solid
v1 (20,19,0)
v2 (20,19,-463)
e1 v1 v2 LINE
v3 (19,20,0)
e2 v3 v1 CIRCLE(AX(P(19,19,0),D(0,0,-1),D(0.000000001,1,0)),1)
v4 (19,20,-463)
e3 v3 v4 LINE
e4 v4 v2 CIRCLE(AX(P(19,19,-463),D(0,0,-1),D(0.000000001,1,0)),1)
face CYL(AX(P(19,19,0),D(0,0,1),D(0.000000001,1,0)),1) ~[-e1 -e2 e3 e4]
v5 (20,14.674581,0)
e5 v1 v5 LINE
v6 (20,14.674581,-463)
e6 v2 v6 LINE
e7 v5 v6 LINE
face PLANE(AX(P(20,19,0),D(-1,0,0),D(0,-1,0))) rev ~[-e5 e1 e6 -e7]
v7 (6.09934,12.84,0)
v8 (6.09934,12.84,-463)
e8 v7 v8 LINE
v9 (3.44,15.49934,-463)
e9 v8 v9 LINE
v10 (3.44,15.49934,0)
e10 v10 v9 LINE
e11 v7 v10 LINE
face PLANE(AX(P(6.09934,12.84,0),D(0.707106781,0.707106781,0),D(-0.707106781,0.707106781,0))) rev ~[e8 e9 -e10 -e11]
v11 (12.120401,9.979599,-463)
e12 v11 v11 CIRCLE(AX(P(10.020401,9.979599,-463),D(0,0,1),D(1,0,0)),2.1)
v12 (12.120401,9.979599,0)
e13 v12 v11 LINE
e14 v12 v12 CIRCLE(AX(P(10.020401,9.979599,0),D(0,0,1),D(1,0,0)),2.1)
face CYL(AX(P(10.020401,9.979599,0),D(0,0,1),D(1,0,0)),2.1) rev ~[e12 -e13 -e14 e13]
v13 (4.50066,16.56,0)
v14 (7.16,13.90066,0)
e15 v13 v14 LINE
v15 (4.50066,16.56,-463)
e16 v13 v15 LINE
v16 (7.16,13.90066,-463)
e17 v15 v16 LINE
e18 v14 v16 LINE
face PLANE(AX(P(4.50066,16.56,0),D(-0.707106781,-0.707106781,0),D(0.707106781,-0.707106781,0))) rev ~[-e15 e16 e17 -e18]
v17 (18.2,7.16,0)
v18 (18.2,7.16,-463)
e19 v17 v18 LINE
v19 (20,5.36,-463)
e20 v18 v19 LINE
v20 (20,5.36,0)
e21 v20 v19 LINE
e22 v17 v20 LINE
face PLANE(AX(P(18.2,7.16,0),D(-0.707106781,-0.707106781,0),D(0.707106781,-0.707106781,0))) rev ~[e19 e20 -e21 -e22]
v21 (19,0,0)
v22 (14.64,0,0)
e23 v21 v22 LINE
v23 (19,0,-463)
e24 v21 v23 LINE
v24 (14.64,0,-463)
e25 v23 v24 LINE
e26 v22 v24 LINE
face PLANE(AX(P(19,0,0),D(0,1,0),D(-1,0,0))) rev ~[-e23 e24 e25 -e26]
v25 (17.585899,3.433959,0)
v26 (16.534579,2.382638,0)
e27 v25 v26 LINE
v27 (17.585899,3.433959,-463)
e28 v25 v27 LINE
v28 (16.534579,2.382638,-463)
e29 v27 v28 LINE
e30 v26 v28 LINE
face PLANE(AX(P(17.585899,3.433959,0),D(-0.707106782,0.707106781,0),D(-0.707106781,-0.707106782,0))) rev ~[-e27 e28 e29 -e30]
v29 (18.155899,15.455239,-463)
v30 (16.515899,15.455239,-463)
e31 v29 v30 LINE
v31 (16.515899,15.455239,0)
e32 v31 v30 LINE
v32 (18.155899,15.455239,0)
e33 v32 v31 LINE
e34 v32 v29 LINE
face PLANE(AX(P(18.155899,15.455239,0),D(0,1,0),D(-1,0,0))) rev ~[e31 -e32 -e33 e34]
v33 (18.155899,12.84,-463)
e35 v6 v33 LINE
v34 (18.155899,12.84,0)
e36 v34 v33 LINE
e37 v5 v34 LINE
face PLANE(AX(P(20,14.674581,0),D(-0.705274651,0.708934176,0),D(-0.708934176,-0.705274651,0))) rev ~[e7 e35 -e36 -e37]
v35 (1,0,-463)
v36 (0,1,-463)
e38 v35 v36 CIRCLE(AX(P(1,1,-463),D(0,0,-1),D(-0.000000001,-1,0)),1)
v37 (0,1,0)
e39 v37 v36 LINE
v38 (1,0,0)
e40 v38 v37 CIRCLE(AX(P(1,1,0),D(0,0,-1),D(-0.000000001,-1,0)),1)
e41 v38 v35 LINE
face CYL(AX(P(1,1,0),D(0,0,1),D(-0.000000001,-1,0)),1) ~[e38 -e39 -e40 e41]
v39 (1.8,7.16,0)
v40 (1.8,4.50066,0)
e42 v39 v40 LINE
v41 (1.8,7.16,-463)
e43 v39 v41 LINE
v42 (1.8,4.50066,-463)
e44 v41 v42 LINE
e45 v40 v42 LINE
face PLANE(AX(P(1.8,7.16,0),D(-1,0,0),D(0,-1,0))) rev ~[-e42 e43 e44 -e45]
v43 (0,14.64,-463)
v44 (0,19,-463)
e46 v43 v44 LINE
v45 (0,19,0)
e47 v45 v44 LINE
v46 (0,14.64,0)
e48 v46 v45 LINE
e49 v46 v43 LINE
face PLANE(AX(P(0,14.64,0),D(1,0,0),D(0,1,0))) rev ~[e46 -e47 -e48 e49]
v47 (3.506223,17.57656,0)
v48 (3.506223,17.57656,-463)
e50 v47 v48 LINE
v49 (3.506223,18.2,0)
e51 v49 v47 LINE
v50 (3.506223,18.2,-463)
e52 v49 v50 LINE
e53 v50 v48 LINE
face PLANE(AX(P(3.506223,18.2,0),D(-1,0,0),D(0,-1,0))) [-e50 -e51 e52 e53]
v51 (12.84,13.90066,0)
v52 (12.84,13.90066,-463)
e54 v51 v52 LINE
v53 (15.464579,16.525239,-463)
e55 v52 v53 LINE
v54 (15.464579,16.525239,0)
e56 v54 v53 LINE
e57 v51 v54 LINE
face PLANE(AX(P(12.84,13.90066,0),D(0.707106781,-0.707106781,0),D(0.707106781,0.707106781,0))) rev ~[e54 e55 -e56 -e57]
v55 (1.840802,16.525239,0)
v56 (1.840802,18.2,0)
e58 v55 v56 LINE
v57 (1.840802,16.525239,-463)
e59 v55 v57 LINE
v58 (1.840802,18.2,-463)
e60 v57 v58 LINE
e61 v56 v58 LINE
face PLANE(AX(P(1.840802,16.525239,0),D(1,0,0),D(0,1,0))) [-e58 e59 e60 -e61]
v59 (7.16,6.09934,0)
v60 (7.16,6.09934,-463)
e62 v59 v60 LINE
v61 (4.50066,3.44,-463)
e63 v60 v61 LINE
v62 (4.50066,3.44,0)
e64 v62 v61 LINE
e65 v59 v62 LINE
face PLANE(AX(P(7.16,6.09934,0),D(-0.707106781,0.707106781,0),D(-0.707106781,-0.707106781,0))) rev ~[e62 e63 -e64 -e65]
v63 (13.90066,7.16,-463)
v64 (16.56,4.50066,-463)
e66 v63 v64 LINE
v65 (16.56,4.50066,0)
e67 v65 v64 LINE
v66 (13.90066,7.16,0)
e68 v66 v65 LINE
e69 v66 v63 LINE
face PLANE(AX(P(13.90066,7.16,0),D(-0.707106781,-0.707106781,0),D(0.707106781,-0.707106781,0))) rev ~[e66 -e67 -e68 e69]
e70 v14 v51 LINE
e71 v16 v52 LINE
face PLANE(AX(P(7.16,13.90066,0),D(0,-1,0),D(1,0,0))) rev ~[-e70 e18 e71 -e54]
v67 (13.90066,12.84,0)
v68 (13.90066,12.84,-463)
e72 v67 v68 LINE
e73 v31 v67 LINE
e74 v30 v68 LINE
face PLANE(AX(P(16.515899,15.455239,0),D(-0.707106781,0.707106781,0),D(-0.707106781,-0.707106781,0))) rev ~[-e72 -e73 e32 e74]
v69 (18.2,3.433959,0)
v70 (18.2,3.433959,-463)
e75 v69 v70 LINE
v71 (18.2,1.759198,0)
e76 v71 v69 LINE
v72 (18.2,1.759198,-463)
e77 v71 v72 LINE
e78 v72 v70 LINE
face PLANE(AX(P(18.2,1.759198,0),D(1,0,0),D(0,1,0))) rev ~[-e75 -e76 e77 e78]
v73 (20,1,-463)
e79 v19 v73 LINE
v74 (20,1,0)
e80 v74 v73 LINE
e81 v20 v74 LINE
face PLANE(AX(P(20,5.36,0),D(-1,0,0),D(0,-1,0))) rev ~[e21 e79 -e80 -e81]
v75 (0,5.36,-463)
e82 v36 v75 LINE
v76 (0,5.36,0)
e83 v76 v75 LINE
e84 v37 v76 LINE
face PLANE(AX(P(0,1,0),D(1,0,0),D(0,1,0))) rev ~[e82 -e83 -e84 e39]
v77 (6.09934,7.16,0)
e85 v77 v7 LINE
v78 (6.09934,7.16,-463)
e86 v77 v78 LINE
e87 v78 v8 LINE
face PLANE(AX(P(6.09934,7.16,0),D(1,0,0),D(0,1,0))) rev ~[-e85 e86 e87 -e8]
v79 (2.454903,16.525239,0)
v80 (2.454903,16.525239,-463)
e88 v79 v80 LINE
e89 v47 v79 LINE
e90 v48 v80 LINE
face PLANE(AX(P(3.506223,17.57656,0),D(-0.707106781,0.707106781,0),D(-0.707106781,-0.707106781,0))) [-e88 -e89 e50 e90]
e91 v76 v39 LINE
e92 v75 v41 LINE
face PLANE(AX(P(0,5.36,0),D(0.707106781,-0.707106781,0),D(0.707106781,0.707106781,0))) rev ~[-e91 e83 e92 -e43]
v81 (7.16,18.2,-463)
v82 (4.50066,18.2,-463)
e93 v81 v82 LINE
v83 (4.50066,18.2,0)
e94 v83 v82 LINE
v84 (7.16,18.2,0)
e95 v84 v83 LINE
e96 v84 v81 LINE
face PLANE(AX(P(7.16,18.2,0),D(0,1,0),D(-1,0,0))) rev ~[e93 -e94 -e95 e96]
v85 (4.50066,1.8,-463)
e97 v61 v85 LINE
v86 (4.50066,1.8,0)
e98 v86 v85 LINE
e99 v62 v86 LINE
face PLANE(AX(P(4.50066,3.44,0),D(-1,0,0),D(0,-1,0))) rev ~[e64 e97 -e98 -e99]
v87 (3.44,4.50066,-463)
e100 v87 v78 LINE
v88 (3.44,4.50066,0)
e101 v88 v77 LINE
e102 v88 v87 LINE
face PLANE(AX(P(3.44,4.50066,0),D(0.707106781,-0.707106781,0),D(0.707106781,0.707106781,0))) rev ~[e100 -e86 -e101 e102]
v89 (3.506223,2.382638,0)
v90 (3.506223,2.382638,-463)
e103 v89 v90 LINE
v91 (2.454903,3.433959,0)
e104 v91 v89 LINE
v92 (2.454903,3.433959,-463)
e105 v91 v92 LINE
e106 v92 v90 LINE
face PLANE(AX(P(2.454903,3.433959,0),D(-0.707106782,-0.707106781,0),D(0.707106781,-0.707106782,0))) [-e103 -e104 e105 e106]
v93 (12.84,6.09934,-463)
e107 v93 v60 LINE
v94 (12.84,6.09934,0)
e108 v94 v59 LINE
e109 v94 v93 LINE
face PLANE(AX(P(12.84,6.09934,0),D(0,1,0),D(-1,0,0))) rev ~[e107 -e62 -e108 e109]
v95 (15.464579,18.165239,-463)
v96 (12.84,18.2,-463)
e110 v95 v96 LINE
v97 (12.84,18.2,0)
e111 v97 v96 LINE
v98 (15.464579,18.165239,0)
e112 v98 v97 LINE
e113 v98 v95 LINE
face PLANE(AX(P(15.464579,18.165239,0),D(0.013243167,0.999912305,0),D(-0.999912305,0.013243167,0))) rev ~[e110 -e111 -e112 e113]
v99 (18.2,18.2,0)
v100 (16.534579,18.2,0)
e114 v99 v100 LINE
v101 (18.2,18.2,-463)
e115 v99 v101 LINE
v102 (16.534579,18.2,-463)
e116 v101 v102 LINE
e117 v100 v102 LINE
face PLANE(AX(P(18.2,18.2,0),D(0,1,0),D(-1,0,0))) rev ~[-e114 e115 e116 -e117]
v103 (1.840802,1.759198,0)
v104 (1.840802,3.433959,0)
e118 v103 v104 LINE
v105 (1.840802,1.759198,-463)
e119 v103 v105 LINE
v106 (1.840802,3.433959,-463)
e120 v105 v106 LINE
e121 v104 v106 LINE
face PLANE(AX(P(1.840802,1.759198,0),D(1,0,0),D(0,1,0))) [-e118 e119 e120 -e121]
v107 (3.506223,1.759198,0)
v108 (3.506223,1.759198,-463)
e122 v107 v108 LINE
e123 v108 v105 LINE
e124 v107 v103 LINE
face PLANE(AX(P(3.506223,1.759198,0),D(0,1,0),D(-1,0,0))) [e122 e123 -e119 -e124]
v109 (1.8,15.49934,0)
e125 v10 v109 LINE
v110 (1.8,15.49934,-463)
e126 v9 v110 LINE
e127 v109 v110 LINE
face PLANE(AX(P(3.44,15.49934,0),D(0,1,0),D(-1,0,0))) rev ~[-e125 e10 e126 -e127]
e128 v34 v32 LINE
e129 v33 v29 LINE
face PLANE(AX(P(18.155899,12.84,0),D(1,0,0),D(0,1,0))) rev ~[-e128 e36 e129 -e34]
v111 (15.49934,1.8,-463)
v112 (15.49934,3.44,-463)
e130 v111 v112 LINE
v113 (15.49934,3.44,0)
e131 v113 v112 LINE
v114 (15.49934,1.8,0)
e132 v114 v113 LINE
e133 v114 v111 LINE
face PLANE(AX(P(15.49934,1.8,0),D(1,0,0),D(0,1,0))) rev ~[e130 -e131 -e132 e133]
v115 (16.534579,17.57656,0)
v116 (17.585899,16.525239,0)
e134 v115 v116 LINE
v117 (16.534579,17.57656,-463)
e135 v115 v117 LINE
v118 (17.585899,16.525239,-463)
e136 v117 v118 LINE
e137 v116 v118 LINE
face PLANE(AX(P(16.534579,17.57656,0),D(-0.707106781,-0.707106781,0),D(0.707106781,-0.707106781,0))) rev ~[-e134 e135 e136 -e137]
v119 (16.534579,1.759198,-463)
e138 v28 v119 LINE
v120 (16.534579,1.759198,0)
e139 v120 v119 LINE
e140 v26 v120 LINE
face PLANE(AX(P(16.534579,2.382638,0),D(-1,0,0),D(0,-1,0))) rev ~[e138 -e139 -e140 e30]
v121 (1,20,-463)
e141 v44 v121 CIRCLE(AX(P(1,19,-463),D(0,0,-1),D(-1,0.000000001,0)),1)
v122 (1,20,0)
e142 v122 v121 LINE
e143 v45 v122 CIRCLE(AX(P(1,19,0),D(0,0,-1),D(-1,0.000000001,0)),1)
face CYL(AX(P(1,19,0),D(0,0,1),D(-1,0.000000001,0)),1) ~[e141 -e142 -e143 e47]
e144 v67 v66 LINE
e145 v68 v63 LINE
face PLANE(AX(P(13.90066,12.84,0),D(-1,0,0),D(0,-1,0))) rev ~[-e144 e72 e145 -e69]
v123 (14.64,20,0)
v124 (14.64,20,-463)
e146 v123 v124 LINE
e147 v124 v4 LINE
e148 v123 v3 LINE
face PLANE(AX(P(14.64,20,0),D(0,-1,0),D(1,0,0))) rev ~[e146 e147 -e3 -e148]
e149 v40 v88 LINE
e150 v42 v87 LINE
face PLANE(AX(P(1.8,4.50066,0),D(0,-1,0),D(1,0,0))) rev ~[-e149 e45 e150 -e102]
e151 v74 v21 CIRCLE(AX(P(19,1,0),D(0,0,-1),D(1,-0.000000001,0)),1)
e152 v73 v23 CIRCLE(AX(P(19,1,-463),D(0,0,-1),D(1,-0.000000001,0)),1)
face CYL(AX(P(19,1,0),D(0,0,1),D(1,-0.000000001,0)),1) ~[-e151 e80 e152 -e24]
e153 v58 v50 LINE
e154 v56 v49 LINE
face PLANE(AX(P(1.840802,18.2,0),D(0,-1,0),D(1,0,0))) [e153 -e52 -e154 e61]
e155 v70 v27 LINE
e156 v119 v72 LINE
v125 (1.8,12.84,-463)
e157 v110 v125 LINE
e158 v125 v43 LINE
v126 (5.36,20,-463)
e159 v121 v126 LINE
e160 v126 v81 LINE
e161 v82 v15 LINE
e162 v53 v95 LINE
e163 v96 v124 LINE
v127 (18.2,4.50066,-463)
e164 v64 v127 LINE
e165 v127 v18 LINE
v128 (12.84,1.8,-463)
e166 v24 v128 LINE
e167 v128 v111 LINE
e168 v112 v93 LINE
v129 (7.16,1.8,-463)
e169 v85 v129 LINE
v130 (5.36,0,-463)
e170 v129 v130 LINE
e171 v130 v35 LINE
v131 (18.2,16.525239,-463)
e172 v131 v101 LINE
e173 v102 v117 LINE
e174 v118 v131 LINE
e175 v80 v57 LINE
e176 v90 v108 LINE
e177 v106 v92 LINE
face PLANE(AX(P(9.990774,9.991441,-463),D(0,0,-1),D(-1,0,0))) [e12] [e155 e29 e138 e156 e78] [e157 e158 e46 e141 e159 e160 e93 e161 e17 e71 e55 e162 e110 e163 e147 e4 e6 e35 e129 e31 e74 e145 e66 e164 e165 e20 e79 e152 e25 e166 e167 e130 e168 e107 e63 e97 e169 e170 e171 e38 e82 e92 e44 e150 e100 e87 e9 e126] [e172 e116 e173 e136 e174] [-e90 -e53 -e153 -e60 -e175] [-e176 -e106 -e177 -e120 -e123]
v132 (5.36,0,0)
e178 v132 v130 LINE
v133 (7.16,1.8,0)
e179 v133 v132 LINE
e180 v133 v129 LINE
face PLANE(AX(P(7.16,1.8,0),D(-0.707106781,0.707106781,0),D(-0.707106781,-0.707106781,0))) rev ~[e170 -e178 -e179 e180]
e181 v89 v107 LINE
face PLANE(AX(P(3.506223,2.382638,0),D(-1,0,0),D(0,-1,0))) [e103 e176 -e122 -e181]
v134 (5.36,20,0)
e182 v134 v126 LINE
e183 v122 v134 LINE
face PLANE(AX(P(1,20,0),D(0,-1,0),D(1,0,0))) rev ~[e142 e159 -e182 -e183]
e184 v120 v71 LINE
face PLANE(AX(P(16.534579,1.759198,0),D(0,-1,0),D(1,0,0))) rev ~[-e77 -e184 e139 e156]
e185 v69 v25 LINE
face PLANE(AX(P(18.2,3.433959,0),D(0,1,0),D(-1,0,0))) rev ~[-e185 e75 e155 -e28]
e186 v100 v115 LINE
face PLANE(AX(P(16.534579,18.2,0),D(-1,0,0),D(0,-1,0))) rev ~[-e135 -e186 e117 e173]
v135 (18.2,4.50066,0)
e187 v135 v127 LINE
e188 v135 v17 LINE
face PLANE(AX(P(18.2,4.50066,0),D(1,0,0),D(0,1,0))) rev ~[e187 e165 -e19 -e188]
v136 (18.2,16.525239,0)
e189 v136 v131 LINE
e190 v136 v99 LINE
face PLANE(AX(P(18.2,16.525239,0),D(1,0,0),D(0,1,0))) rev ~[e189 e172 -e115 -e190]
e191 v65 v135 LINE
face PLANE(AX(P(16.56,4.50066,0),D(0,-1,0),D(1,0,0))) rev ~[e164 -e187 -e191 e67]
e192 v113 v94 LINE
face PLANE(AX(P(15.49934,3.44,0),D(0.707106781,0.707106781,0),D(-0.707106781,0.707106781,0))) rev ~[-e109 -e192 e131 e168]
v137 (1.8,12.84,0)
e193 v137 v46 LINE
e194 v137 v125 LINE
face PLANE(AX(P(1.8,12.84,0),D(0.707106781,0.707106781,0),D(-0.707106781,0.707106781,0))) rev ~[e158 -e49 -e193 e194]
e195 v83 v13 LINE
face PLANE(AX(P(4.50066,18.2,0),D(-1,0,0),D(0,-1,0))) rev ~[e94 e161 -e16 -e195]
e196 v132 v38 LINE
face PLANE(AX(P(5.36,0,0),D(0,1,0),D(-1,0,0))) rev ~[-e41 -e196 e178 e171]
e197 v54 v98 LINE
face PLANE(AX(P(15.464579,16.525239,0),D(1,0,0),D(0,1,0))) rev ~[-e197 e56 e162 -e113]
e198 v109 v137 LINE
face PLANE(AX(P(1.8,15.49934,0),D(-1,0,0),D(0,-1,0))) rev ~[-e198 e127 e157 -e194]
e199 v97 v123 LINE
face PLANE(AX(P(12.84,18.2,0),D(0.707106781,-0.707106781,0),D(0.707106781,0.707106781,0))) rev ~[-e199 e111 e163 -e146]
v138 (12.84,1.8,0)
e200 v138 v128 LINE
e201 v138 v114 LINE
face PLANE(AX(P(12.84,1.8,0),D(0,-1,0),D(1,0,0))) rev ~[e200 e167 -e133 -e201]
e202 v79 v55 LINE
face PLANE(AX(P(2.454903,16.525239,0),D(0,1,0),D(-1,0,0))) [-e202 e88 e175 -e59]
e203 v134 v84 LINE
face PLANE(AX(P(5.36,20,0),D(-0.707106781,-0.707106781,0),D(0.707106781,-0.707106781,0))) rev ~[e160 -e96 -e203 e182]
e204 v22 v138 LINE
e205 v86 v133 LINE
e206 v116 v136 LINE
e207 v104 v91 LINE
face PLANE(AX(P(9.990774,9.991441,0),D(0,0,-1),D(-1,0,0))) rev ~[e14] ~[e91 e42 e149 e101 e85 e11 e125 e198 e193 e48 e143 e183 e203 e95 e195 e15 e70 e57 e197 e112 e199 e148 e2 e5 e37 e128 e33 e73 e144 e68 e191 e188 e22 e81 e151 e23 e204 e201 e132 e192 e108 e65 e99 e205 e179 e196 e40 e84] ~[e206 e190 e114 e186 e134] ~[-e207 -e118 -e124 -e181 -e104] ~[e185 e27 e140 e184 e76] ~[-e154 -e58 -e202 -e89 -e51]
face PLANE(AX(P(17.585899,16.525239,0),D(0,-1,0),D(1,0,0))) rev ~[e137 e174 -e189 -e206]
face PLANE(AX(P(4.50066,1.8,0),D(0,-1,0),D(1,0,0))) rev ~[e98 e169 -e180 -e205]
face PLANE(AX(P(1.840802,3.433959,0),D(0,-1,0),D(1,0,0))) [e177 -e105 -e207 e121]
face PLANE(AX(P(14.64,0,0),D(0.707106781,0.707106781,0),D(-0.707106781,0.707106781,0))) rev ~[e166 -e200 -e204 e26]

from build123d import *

# Parameters (mm, degrees)
SKETCH1_R           = 2.1
BOSS_EXTRUDE1_DEPTH = 463


with BuildPart() as part:
    # Sketch1 → Boss-Extrude1 (new body)
    with BuildSketch(Plane.XY):
        with BuildLine():
            Line((0, 1), (0, 5.36))
            Line((0, 5.36), (1.8, 7.16))
            Line((1.8, 7.16), (1.8, 4.500660172))
            Line((1.8, 4.500660172), (3.44, 4.500660172))
            Line((3.44, 4.500660172), (6.099339828, 7.16))
            Line((6.099339828, 7.16), (6.099339828, 12.84))
            Line((6.099339828, 12.84), (3.44, 15.499339828))
            Line((3.44, 15.499339828), (1.8, 15.499339828))
            Line((1.8, 15.499339828), (1.8, 12.84))
            Line((1.8, 12.84), (0, 14.64))
            Line((0, 14.64), (0, 19))
            ThreePointArc((0, 19), (0.292893219, 19.707106781), (1, 20))
            Line((1, 20), (5.36, 20))
            Line((5.36, 20), (7.16, 18.2))
            Line((7.16, 18.2), (4.500660172, 18.2))
            Line((4.500660172, 18.2), (4.500660172, 16.56))
            Line((4.500660172, 16.56), (7.16, 13.900660172))
            Line((7.16, 13.900660172), (12.84, 13.900660172))
            Line((12.84, 13.900660172), (15.464579042, 16.525239214))
            Line((15.464579042, 16.525239214), (15.464579042, 18.165239214))
            Line((15.464579042, 18.165239214), (12.84, 18.2))
            Line((12.84, 18.2), (14.64, 20))
            Line((14.64, 20), (19, 20))
            ThreePointArc((19, 20), (19.707106781, 19.707106781), (20, 19))
            Line((20, 19), (20, 14.674581351))
            Line((20, 14.674581351), (18.155899385, 12.84))
            Line((18.155899385, 12.84), (18.155899385, 15.455239214))
            Line((18.155899385, 15.455239214), (16.515899385, 15.455239214))
            Line((16.515899385, 15.455239214), (13.900660172, 12.84))
            Line((13.900660172, 12.84), (13.900660172, 7.16))
            Line((13.900660172, 7.16), (16.56, 4.500660172))
            Line((16.56, 4.500660172), (18.2, 4.500660172))
            Line((18.2, 4.500660172), (18.2, 7.16))
            Line((18.2, 7.16), (20, 5.36))
            Line((20, 5.36), (20, 1))
            ThreePointArc((20, 1), (19.707106781, 0.292893219), (19, 0))
            Line((19, 0), (14.64, 0))
            Line((14.64, 0), (12.84, 1.8))
            Line((12.84, 1.8), (15.499339828, 1.8))
            Line((15.499339828, 1.8), (15.499339828, 3.44))
            Line((15.499339828, 3.44), (12.84, 6.099339828))
            Line((12.84, 6.099339828), (7.16, 6.099339828))
            Line((7.16, 6.099339828), (4.500660172, 3.44))
            Line((4.500660172, 3.44), (4.500660172, 1.8))
            Line((4.500660172, 1.8), (7.16, 1.8))
            Line((7.16, 1.8), (5.36, 0))
            Line((5.36, 0), (1, 0))
            ThreePointArc((1, 0), (0.292893219, 0.292893219), (0, 1))
        make_face()
        with Locations((10.02040103, 9.97959897)):
            Circle(SKETCH1_R, mode=Mode.SUBTRACT)
        Polygon((16.534579042, 18.2), (16.534579042, 17.576559557), (17.585899385, 16.525239214), (18.2, 16.525239214), (18.2, 18.2), align=None, mode=Mode.SUBTRACT)
        Polygon((18.2, 1.75919794), (18.2, 3.433958726), (17.585899385, 3.433958726), (16.534579042, 2.382638382), (16.534579042, 1.75919794), align=None, mode=Mode.SUBTRACT)
        Polygon((2.454902675, 16.525239214), (1.84080206, 16.525239214), (1.84080206, 18.2), (3.506223018, 18.2), (3.506223018, 17.576559557), align=None, mode=Mode.SUBTRACT)
        Polygon((3.506223018, 1.75919794), (1.84080206, 1.75919794), (1.84080206, 3.433958726), (2.454902675, 3.433958726), (3.506223018, 2.382638382), align=None, mode=Mode.SUBTRACT)
    extrude(amount=-BOSS_EXTRUDE1_DEPTH)


solid = part.part
